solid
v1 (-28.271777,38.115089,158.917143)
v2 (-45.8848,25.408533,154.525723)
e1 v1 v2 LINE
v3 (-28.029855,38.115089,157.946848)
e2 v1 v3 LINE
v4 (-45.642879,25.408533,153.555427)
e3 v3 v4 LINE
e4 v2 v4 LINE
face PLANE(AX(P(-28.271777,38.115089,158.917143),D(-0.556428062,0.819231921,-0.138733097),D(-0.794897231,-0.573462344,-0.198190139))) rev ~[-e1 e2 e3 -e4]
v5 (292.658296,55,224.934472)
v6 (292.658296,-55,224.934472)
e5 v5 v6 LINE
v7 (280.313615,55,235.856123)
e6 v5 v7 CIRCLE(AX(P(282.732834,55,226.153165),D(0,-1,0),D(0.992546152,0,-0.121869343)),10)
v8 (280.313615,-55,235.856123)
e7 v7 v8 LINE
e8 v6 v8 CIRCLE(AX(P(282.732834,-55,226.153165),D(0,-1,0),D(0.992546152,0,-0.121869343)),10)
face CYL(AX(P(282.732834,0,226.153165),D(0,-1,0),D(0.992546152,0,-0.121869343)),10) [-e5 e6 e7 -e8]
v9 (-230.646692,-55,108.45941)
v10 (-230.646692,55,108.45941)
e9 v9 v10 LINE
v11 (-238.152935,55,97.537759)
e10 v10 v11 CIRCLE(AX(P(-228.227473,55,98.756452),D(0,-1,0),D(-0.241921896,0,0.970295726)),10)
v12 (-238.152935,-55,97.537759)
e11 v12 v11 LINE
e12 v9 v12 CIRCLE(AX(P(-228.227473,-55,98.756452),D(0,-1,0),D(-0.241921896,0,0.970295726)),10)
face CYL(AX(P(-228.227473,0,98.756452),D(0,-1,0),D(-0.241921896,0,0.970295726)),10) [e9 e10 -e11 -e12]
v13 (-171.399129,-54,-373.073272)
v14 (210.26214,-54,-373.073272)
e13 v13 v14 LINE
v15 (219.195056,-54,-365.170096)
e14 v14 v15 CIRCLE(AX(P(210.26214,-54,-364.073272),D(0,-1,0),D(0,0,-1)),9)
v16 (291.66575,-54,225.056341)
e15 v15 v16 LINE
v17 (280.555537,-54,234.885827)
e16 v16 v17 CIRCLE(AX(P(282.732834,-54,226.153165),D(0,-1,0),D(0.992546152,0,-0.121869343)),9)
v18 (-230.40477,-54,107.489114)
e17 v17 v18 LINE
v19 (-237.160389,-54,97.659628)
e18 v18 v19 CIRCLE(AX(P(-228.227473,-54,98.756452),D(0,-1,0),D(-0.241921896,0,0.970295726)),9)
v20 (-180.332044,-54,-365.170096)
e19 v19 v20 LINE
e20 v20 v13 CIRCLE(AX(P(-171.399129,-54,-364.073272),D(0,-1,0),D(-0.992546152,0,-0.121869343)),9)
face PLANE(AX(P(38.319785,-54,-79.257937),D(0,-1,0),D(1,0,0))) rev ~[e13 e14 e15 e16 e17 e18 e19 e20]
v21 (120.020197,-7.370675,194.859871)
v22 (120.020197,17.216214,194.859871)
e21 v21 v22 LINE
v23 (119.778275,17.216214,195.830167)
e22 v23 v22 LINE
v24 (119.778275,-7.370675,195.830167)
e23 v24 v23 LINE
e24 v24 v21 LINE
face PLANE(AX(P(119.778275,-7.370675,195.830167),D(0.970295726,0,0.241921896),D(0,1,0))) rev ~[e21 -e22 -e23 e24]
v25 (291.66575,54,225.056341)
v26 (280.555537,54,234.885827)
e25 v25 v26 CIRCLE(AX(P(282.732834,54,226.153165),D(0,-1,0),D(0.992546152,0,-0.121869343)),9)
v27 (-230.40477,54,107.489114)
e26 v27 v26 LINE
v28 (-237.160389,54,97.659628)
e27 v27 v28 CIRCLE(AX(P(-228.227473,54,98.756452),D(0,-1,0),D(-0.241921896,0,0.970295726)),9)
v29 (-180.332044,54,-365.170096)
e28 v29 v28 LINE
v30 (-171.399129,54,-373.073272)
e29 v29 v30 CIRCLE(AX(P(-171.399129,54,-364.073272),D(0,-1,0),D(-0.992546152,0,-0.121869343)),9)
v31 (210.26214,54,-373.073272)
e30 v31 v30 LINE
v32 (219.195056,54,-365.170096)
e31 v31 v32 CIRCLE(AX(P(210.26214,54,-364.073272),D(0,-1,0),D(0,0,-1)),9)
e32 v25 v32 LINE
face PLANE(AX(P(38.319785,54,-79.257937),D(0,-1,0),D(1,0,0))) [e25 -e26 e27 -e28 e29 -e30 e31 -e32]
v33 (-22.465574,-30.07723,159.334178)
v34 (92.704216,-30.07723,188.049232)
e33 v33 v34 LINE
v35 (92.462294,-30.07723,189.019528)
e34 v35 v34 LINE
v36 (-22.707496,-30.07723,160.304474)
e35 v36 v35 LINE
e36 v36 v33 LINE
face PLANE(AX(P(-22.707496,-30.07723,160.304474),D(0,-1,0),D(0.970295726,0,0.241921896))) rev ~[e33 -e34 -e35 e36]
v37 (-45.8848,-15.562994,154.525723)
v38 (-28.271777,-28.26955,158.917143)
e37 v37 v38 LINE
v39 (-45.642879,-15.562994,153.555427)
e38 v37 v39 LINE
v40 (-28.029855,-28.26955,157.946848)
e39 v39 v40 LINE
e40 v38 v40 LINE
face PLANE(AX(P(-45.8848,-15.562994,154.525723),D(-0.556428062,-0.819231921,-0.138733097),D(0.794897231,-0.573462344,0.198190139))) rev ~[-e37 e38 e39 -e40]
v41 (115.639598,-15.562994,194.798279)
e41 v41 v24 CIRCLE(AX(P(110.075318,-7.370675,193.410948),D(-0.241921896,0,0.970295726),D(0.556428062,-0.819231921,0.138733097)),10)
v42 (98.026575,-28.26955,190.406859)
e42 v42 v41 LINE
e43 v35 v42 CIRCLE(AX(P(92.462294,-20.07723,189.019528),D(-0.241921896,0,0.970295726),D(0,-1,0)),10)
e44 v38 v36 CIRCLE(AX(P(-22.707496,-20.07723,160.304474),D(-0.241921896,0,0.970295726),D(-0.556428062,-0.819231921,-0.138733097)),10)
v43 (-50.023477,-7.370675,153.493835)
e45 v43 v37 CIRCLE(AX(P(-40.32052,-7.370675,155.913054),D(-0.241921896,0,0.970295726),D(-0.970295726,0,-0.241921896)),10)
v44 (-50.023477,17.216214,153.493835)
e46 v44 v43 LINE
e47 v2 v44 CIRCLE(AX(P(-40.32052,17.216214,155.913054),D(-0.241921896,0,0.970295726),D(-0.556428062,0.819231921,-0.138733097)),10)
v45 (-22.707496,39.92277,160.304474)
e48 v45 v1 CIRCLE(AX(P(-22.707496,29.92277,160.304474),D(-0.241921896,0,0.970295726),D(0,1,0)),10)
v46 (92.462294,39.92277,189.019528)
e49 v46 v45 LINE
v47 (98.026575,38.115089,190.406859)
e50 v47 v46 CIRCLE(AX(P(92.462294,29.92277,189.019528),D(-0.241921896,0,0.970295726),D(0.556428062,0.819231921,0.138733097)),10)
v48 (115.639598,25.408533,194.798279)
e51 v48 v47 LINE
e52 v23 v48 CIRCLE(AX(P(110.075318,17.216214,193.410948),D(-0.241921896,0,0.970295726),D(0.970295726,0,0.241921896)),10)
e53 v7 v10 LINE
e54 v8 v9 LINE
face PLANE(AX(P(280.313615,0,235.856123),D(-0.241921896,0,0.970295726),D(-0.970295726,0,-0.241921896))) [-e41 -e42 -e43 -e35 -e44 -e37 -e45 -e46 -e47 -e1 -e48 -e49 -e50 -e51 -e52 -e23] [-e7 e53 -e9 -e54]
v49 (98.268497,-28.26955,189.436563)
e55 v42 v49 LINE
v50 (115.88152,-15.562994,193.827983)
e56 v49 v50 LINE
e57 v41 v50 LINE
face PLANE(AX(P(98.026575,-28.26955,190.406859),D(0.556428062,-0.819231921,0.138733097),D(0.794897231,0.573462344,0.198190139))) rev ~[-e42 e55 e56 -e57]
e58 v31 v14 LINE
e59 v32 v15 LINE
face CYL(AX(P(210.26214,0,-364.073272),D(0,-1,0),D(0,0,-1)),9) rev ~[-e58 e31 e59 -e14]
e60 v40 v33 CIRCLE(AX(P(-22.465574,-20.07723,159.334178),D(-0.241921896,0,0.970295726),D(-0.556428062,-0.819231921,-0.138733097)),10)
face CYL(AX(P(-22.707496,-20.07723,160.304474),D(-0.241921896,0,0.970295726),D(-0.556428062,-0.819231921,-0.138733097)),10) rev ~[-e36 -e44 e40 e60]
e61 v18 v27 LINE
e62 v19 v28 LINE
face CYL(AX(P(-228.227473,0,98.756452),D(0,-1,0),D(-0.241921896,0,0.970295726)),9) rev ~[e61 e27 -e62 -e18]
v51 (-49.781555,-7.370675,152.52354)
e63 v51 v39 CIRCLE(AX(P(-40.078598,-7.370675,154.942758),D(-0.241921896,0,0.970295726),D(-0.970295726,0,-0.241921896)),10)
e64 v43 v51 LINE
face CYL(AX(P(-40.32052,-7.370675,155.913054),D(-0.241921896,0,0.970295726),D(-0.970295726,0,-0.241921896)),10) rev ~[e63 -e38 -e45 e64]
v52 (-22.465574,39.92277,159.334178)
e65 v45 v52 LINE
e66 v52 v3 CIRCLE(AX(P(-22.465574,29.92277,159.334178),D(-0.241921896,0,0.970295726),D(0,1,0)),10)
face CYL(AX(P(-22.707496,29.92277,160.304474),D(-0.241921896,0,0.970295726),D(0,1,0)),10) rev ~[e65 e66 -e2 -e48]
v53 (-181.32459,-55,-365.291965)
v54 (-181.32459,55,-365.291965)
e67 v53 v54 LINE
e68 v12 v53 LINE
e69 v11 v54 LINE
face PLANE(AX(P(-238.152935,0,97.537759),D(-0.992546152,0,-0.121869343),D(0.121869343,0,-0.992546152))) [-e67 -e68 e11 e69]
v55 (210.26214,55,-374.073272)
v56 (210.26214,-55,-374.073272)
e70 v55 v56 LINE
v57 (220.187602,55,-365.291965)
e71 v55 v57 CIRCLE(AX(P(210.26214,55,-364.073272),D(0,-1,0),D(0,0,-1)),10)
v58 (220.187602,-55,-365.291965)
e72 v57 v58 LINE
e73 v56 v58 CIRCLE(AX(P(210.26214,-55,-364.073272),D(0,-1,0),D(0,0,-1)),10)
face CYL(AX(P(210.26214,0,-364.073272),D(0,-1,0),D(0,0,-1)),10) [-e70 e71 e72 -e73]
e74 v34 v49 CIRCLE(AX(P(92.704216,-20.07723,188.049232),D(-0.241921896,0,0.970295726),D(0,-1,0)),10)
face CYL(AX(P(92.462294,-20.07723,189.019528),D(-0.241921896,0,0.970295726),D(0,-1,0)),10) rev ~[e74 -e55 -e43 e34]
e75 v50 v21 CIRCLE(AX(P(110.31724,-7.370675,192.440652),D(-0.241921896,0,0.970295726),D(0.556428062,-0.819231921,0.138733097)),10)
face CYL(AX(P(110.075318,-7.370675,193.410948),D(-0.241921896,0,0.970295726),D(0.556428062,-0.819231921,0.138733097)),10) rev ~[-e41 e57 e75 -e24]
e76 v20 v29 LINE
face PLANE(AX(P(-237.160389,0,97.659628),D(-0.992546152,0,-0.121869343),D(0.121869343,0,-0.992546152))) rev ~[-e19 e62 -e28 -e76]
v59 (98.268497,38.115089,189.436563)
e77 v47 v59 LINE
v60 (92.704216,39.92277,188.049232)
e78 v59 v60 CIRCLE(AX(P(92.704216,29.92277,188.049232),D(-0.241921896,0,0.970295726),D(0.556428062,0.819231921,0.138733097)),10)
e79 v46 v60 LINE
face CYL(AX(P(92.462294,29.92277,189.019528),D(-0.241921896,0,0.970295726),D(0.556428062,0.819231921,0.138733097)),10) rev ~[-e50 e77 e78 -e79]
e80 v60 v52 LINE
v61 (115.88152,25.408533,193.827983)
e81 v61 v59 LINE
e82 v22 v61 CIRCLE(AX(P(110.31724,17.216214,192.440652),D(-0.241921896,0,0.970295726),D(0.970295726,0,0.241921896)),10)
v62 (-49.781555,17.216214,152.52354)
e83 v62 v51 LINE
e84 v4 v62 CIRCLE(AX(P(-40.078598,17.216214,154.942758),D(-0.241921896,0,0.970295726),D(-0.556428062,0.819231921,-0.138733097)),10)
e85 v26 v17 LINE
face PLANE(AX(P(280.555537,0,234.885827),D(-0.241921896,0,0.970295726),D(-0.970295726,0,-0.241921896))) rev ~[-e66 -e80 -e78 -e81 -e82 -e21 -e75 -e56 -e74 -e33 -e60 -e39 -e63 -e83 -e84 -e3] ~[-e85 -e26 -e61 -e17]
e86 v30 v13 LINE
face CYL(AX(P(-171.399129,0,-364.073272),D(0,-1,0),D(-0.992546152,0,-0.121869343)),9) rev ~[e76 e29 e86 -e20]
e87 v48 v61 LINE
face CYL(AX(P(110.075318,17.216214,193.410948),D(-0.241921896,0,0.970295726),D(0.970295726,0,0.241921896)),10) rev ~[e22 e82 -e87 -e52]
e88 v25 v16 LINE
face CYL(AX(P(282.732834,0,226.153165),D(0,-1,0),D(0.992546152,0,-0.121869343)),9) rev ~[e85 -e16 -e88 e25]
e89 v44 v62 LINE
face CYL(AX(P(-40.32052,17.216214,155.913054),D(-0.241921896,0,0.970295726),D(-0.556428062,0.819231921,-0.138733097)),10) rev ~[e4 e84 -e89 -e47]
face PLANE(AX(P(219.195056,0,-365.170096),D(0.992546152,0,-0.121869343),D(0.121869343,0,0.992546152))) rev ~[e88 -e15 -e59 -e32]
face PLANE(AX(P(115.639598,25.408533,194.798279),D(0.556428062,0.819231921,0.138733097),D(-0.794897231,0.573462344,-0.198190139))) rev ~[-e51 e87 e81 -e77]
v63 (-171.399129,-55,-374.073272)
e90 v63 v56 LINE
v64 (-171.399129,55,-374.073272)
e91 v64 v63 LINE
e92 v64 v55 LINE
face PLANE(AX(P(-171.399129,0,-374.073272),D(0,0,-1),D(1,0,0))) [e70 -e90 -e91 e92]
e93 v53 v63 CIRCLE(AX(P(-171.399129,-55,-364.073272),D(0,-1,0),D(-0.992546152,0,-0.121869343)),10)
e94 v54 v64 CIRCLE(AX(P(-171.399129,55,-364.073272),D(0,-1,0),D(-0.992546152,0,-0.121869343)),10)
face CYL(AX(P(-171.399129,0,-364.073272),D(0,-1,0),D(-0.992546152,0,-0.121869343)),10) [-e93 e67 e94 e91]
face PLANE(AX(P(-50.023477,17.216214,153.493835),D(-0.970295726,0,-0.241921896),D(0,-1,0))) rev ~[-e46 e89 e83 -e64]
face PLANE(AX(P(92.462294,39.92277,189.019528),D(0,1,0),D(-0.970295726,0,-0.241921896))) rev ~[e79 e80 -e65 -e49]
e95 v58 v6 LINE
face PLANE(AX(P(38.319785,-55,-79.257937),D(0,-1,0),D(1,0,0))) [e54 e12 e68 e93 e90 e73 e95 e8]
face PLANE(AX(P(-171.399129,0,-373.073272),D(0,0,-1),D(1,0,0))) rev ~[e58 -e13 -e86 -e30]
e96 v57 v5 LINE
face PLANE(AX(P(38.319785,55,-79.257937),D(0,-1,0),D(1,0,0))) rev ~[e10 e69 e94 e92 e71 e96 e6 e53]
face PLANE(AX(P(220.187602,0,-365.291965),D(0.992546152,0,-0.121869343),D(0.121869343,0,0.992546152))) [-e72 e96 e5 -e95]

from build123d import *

# Parameters (mm, degrees)
F1_DEPTH = 55
F2_T     = -1
F4_DEPTH = 1


with BuildPart() as f1:
    # F0 (on Front) → F1 (new body, symmetric)
    with BuildSketch(Plane.XZ):
        with BuildLine():
            ThreePointArc((-181.3245903513, -365.2919652377), (-178.0253293171, -371.5628290115), (-171.3991288349, -374.0732718036))
            Line((-171.3991288349, -374.0732718036), (210.2621403614, -374.0732718036))
            ThreePointArc((210.2621403614, -374.0732718036), (216.8883408435, -371.5628290115), (220.1876018778, -365.2919652377))
            Line((220.1876018778, -365.2919652377), (292.6582958135, 224.9344720505))
            ThreePointArc((292.6582958135, 224.9344720505), (289.3590347792, 233.6427226924), (280.3136153411, 235.8561227473))
            Line((280.3136153411, 235.8561227473), (-230.6466922573, 108.4594097216))
            ThreePointArc((-230.6466922573, 108.4594097216), (-236.4687351875, 104.4205148281), (-238.1529348177, 97.5377590248))
            Line((-238.1529348177, 97.5377590248), (-181.3245903513, -365.2919652377))
        make_face()
    extrude(amount=F1_DEPTH, both=True)

    # F2 (hollow: no face is removed)
    offset(amount=F2_T, mode=Mode.SUBTRACT)

    # F3 (on face) → F4 (cut, through all)
    with BuildSketch(Plane(origin=(-38.9581795543, 0, 156.2527237618), x_dir=(0.9702957263, 0, 0.2419218956), z_dir=(-0.2419218956, 0, 0.9702957263))):
        with BuildLine():
            ThreePointArc((-7.1386698707, 25.4085332208), (-10.2738331899, 21.8343178236), (-11.404046427, 17.2162140156))
            Line((-11.404046427, 17.2162140156), (-11.404046427, -7.3706747529))
            ThreePointArc((-11.404046427, -7.3706747529), (-10.2738331899, -11.988778561), (-7.1386698707, -15.5629939581))
            Line((-7.1386698707, -15.5629939581), (11.0135524375, -28.2695495739))
            ThreePointArc((11.0135524375, -28.2695495739), (13.7417820324, -29.6146092552), (16.7481758812, -30.0772303687))
            Line((16.7481758812, -30.0772303687), (135.4437312648, -30.0772303687))
            ThreePointArc((135.4437312648, -30.0772303687), (138.4501251136, -29.6146092552), (141.1783547084, -28.2695495739))
            Line((141.1783547084, -28.2695495739), (159.3305770166, -15.5629939581))
            ThreePointArc((159.3305770166, -15.5629939581), (162.4657403358, -11.988778561), (163.595953573, -7.3706747529))
            Line((163.595953573, -7.3706747529), (163.595953573, 17.2162140156))
            ThreePointArc((163.595953573, 17.2162140156), (162.4657403358, 21.8343178236), (159.3305770166, 25.4085332208))
            Line((159.3305770166, 25.4085332208), (141.1783547084, 38.1150888365))
            ThreePointArc((141.1783547084, 38.1150888365), (138.4501251136, 39.4601485179), (135.4437312648, 39.9227696313))
            Line((135.4437312648, 39.9227696313), (16.7481758812, 39.9227696313))
            ThreePointArc((16.7481758812, 39.9227696313), (13.7417820324, 39.4601485179), (11.0135524375, 38.1150888365))
            Line((11.0135524375, 38.1150888365), (-7.1386698707, 25.4085332208))
        make_face()
    extrude(amount=-F4_DEPTH, mode=Mode.SUBTRACT)


solid = f1.part
